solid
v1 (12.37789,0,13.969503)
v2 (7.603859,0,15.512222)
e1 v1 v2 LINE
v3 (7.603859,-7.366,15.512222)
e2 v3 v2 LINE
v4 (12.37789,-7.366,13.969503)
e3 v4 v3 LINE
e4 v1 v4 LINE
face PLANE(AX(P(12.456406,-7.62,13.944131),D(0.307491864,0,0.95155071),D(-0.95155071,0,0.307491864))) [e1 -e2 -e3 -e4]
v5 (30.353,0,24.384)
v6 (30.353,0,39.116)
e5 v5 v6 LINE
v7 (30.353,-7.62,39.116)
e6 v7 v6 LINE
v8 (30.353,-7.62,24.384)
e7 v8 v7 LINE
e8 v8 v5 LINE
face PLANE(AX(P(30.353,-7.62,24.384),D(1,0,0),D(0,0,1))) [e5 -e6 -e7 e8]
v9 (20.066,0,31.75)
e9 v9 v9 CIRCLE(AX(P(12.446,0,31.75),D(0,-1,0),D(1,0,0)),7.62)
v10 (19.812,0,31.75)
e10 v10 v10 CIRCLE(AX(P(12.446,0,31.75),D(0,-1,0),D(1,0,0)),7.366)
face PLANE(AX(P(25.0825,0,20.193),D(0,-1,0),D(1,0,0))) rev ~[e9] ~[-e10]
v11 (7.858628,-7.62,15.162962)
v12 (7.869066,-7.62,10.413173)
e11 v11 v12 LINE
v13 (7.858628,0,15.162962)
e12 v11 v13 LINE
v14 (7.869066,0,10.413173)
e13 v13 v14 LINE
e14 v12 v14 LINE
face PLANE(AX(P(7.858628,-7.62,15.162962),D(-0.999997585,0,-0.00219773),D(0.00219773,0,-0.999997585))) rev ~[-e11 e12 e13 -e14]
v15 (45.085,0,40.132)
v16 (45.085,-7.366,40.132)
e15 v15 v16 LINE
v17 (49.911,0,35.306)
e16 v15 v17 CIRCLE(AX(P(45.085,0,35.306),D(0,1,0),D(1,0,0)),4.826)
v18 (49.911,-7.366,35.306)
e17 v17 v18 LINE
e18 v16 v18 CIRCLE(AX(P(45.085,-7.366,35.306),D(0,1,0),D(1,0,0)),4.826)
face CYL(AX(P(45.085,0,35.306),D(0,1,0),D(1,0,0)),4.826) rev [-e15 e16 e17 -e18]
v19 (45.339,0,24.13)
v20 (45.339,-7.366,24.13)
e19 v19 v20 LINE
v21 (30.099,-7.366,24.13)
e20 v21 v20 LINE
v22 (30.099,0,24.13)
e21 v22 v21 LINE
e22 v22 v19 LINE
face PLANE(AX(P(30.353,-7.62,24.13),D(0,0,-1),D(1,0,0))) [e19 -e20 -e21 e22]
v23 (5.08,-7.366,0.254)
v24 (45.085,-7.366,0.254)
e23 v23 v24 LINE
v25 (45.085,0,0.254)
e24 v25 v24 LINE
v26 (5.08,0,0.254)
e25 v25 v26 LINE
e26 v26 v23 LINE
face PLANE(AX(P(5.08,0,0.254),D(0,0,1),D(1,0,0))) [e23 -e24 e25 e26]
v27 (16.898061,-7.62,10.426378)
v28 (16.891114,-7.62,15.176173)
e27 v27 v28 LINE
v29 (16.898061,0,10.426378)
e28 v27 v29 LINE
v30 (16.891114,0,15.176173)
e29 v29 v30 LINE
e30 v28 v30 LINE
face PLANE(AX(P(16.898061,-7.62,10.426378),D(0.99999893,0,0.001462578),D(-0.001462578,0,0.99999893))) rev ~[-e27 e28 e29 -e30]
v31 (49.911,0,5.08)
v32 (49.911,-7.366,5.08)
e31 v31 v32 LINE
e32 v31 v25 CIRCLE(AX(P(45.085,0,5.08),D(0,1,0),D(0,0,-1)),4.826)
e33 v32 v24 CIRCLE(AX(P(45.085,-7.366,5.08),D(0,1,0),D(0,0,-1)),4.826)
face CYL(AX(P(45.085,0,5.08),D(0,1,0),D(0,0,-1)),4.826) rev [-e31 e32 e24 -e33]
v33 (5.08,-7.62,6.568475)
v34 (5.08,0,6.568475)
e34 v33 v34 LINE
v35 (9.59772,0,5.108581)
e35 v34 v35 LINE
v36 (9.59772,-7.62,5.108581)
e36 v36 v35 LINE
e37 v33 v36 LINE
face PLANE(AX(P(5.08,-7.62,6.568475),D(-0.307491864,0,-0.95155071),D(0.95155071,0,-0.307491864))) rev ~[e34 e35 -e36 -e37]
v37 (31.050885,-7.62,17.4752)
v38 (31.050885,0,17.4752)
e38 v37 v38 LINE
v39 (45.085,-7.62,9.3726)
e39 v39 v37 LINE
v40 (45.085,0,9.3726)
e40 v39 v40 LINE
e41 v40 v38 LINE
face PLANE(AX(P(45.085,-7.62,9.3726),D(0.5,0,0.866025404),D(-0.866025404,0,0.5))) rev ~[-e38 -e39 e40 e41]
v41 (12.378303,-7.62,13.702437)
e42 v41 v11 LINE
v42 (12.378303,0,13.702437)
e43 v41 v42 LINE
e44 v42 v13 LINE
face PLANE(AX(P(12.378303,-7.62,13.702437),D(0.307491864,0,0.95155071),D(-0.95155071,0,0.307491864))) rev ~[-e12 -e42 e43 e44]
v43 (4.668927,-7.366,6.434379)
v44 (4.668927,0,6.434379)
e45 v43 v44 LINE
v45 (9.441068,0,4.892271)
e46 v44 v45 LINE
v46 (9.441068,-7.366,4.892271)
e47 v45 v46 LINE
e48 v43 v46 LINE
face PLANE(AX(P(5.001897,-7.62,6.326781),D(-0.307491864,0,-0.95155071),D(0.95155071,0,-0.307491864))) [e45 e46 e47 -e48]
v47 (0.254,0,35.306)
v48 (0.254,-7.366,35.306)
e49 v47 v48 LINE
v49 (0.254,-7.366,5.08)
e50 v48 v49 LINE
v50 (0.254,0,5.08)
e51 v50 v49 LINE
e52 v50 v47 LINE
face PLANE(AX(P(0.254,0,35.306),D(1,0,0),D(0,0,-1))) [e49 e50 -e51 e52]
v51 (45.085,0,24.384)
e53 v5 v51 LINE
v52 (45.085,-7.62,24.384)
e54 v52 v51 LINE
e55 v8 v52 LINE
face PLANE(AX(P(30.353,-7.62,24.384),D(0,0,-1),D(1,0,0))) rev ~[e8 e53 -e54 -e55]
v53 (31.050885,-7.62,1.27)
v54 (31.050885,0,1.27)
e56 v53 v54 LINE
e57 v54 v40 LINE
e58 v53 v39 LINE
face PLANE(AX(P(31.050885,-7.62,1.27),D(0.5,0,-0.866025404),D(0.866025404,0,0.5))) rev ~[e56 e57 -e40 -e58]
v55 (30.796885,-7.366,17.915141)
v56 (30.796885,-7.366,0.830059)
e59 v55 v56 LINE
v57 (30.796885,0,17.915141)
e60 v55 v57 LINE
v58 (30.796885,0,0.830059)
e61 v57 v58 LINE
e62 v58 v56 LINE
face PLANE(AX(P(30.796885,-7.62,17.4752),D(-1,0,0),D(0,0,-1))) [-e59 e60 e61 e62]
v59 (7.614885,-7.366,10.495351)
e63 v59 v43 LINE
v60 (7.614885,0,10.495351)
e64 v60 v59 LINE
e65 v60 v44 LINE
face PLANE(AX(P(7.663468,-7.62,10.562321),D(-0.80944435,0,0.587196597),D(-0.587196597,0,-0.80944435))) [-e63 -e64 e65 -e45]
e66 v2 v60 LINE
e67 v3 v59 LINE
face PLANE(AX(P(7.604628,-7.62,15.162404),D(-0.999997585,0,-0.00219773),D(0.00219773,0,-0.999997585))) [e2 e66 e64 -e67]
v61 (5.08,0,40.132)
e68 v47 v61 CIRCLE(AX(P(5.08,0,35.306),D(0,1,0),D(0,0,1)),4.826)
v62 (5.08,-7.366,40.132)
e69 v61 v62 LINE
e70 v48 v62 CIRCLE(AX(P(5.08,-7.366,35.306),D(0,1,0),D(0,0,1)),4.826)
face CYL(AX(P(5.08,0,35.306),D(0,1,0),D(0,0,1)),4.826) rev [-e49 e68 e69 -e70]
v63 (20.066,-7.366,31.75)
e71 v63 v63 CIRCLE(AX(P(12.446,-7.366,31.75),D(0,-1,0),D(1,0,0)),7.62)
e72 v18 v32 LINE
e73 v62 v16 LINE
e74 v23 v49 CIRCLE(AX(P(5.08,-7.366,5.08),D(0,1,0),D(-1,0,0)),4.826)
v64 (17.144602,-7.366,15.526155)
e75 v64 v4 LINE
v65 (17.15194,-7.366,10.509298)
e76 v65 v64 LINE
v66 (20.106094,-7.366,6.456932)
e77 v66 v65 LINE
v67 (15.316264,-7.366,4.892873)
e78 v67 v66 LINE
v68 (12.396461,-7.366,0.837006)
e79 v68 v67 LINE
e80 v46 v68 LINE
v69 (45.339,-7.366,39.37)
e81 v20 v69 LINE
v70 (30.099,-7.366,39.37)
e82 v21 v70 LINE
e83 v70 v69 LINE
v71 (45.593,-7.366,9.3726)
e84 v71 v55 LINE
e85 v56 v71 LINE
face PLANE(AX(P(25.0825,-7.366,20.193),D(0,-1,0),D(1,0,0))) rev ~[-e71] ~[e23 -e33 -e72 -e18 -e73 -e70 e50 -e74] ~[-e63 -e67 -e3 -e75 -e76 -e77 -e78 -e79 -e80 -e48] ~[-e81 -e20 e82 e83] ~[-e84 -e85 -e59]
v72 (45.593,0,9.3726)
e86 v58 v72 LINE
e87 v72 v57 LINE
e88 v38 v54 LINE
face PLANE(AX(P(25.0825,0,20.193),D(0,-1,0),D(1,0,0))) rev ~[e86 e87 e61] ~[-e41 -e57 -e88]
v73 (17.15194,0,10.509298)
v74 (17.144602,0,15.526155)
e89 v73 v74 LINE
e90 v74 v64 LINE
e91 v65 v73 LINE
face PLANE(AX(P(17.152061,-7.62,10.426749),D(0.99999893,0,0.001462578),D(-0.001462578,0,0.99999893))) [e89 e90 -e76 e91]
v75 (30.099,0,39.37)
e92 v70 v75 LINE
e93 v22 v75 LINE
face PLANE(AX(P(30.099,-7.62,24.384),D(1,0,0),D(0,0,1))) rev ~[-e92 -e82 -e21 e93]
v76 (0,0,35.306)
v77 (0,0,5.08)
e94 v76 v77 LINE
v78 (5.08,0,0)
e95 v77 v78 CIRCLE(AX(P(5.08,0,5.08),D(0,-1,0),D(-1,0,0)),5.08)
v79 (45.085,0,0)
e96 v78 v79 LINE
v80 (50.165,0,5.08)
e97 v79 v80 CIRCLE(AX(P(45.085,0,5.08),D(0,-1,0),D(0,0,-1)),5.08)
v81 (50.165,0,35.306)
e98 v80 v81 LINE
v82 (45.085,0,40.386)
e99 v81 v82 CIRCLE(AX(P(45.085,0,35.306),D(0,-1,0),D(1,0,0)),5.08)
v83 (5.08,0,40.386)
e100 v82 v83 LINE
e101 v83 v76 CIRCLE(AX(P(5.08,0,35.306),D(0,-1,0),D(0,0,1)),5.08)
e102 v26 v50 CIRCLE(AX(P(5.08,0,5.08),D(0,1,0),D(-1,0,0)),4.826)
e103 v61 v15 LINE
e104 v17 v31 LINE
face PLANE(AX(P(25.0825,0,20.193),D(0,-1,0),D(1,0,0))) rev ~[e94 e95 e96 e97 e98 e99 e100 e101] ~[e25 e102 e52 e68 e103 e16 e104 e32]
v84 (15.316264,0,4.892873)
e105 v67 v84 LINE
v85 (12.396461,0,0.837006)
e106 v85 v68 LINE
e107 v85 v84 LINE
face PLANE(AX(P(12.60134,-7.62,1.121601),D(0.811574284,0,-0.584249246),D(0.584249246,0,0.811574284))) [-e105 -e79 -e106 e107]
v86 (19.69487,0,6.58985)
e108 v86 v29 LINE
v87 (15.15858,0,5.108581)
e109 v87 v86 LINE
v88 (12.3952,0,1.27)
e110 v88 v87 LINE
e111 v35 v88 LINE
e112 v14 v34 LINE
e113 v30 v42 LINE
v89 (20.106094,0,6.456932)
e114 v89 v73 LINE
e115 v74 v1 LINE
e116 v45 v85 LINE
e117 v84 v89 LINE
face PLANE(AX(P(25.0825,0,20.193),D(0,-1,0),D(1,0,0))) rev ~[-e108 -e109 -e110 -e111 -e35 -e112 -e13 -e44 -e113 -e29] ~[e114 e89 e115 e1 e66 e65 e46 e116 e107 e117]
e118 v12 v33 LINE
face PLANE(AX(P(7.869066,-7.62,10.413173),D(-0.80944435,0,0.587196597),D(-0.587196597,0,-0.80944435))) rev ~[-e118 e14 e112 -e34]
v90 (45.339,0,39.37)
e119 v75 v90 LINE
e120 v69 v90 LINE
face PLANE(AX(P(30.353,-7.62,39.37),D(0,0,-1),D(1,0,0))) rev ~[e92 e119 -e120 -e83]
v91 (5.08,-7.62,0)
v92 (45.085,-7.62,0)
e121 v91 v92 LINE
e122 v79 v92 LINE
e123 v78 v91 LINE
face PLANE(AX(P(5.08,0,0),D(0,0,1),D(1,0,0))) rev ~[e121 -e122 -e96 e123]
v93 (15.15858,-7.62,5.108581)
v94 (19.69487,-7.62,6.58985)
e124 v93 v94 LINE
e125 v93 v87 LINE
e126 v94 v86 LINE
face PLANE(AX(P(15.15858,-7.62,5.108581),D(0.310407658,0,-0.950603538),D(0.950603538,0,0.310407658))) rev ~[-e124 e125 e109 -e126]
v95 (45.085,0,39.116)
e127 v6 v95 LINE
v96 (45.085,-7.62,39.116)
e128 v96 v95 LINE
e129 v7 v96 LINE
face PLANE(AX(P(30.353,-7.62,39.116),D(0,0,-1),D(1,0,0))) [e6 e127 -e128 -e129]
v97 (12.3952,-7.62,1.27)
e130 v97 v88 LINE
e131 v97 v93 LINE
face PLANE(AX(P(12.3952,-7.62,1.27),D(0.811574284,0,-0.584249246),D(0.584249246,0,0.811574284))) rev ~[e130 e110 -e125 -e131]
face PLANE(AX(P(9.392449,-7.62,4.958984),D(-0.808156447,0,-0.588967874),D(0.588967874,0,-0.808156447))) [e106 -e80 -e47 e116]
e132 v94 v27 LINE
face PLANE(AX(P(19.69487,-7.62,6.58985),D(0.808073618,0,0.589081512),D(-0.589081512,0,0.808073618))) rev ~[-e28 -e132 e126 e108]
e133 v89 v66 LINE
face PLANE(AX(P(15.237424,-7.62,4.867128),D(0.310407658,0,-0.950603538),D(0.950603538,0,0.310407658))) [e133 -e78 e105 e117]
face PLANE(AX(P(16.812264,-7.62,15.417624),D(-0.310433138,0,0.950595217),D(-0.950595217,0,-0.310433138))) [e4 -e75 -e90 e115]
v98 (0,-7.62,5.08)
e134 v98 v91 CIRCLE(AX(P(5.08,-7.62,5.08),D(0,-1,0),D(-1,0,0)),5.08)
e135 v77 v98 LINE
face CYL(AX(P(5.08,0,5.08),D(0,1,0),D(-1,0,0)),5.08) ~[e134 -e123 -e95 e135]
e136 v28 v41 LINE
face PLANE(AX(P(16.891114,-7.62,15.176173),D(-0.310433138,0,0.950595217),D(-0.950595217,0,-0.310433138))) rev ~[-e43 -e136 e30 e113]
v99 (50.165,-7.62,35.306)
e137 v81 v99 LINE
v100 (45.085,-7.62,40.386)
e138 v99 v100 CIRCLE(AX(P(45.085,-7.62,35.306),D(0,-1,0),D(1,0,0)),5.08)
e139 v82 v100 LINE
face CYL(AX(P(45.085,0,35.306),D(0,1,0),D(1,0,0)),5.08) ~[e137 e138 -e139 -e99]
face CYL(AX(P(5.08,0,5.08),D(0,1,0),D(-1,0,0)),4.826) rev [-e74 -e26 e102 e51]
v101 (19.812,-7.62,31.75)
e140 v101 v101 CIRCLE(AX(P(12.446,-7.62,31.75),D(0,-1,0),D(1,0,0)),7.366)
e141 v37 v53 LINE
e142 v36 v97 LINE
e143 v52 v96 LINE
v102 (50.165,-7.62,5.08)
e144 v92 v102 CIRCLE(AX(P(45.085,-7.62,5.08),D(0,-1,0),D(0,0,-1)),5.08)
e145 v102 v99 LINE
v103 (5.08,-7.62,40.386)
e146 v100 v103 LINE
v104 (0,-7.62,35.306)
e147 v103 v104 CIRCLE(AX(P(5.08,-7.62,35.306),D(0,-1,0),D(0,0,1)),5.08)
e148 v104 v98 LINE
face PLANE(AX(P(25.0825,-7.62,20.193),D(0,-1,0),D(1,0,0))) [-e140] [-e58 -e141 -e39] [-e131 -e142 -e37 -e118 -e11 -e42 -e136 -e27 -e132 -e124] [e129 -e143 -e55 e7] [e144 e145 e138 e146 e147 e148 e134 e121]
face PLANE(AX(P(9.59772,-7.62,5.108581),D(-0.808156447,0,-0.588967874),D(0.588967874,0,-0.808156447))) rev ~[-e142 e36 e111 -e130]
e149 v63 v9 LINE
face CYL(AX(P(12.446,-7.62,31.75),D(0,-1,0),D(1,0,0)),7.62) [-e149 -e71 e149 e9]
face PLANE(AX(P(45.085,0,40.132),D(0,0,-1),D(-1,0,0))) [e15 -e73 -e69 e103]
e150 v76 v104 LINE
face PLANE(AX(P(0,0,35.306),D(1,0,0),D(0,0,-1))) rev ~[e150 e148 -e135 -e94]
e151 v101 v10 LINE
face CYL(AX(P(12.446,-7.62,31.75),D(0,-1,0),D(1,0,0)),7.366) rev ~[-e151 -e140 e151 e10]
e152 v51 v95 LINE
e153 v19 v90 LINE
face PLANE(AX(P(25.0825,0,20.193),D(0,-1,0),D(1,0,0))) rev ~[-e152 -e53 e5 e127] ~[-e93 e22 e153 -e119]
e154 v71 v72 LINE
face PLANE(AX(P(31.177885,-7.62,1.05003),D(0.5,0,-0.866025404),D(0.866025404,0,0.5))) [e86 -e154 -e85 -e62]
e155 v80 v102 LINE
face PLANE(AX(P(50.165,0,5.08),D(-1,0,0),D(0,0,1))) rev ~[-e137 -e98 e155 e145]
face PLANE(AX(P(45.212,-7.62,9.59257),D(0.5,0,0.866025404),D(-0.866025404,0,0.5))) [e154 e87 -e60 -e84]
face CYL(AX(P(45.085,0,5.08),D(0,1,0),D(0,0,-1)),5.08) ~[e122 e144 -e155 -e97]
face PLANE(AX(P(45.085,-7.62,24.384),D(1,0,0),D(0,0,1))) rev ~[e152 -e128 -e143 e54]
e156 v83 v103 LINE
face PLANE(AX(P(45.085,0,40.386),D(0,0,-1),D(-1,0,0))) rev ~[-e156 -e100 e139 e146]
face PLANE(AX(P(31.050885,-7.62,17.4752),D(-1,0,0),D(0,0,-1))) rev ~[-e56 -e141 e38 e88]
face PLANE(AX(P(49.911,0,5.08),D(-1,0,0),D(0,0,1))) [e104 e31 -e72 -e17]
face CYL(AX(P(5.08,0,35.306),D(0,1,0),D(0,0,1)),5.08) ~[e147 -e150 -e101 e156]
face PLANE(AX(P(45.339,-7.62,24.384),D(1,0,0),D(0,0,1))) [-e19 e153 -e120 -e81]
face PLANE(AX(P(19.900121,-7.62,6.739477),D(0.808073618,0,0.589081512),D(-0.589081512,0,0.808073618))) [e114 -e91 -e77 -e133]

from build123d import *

# Parameters (mm, degrees)
F1_DEPTH = 7.62
F2_W     = 14.732
F2_H     = 14.732
F5_DEPTH = 25.4
F6_DEPTH = 25.4
F7_DEPTH = 25.4
F8_R     = 7.366
F9_DEPTH = 25.4
F10_T    = -0.254


with BuildPart() as f1:
    # F0 (on Front) → F1 (new body)
    with BuildSketch(Plane.XZ):
        with BuildLine():
            ThreePointArc((0, 5.08), (1.4878975516, 1.4878975516), (5.08, 0))
            Line((5.08, 0), (45.085, 0))
            ThreePointArc((45.085, 0), (48.6771024484, 1.4878975516), (50.165, 5.08))
            Line((50.165, 5.08), (50.165, 35.306))
            ThreePointArc((50.165, 35.306), (48.6771024484, 38.8981024484), (45.085, 40.386))
            Line((45.085, 40.386), (5.08, 40.386))
            ThreePointArc((5.08, 40.386), (1.4878975516, 38.8981024484), (0, 35.306))
            Line((0, 35.306), (0, 5.08))
        make_face()
    extrude(amount=F1_DEPTH)

    # F2 (on face) → F5 (cut)
    with BuildSketch(Plane.XZ.offset(7.62)):
        with Locations((37.719, 31.75)):
            Rectangle(F2_W, F2_H)
    extrude(amount=-F5_DEPTH, mode=Mode.SUBTRACT)

    # F3 (on face) → F6 (cut)
    with BuildSketch(Plane.XZ.offset(7.62)):
        Polygon((31.0508851266, 17.4752), (31.0508851266, 1.27), (45.085, 9.3726), align=None)
    extrude(amount=-F6_DEPTH, mode=Mode.SUBTRACT)

    # F4 (on face) → F7 (cut)
    with BuildSketch(Plane.XZ.offset(7.62)):
        Polygon((9.5977203913, 5.108581493), (12.3952, 1.27), (15.1585802409, 5.108581493), (19.6948698543, 6.5898499511), (16.8980608845, 10.4263776555), (16.8911139309, 15.1761725752), (12.3783031817, 13.7024369881), (7.8586276198, 15.1629618442), (7.8690663965, 10.4131733151), (5.08, 6.5684745393), align=None)
    extrude(amount=-F7_DEPTH, mode=Mode.SUBTRACT)

    # F8 (on face) → F9 (cut)
    with BuildSketch(Plane.XZ.offset(7.62)):
        with Locations((12.446, 31.75)):
            Circle(F8_R)
    extrude(amount=-F9_DEPTH, mode=Mode.SUBTRACT)

    # F10
    f10_openings = [f1.faces().sort_by_distance(p)[0] for p in [
        (24.768491, 0, 18.728729),
    ]]
    offset(amount=F10_T, openings=f10_openings, kind=Kind.INTERSECTION)


solid = f1.part
